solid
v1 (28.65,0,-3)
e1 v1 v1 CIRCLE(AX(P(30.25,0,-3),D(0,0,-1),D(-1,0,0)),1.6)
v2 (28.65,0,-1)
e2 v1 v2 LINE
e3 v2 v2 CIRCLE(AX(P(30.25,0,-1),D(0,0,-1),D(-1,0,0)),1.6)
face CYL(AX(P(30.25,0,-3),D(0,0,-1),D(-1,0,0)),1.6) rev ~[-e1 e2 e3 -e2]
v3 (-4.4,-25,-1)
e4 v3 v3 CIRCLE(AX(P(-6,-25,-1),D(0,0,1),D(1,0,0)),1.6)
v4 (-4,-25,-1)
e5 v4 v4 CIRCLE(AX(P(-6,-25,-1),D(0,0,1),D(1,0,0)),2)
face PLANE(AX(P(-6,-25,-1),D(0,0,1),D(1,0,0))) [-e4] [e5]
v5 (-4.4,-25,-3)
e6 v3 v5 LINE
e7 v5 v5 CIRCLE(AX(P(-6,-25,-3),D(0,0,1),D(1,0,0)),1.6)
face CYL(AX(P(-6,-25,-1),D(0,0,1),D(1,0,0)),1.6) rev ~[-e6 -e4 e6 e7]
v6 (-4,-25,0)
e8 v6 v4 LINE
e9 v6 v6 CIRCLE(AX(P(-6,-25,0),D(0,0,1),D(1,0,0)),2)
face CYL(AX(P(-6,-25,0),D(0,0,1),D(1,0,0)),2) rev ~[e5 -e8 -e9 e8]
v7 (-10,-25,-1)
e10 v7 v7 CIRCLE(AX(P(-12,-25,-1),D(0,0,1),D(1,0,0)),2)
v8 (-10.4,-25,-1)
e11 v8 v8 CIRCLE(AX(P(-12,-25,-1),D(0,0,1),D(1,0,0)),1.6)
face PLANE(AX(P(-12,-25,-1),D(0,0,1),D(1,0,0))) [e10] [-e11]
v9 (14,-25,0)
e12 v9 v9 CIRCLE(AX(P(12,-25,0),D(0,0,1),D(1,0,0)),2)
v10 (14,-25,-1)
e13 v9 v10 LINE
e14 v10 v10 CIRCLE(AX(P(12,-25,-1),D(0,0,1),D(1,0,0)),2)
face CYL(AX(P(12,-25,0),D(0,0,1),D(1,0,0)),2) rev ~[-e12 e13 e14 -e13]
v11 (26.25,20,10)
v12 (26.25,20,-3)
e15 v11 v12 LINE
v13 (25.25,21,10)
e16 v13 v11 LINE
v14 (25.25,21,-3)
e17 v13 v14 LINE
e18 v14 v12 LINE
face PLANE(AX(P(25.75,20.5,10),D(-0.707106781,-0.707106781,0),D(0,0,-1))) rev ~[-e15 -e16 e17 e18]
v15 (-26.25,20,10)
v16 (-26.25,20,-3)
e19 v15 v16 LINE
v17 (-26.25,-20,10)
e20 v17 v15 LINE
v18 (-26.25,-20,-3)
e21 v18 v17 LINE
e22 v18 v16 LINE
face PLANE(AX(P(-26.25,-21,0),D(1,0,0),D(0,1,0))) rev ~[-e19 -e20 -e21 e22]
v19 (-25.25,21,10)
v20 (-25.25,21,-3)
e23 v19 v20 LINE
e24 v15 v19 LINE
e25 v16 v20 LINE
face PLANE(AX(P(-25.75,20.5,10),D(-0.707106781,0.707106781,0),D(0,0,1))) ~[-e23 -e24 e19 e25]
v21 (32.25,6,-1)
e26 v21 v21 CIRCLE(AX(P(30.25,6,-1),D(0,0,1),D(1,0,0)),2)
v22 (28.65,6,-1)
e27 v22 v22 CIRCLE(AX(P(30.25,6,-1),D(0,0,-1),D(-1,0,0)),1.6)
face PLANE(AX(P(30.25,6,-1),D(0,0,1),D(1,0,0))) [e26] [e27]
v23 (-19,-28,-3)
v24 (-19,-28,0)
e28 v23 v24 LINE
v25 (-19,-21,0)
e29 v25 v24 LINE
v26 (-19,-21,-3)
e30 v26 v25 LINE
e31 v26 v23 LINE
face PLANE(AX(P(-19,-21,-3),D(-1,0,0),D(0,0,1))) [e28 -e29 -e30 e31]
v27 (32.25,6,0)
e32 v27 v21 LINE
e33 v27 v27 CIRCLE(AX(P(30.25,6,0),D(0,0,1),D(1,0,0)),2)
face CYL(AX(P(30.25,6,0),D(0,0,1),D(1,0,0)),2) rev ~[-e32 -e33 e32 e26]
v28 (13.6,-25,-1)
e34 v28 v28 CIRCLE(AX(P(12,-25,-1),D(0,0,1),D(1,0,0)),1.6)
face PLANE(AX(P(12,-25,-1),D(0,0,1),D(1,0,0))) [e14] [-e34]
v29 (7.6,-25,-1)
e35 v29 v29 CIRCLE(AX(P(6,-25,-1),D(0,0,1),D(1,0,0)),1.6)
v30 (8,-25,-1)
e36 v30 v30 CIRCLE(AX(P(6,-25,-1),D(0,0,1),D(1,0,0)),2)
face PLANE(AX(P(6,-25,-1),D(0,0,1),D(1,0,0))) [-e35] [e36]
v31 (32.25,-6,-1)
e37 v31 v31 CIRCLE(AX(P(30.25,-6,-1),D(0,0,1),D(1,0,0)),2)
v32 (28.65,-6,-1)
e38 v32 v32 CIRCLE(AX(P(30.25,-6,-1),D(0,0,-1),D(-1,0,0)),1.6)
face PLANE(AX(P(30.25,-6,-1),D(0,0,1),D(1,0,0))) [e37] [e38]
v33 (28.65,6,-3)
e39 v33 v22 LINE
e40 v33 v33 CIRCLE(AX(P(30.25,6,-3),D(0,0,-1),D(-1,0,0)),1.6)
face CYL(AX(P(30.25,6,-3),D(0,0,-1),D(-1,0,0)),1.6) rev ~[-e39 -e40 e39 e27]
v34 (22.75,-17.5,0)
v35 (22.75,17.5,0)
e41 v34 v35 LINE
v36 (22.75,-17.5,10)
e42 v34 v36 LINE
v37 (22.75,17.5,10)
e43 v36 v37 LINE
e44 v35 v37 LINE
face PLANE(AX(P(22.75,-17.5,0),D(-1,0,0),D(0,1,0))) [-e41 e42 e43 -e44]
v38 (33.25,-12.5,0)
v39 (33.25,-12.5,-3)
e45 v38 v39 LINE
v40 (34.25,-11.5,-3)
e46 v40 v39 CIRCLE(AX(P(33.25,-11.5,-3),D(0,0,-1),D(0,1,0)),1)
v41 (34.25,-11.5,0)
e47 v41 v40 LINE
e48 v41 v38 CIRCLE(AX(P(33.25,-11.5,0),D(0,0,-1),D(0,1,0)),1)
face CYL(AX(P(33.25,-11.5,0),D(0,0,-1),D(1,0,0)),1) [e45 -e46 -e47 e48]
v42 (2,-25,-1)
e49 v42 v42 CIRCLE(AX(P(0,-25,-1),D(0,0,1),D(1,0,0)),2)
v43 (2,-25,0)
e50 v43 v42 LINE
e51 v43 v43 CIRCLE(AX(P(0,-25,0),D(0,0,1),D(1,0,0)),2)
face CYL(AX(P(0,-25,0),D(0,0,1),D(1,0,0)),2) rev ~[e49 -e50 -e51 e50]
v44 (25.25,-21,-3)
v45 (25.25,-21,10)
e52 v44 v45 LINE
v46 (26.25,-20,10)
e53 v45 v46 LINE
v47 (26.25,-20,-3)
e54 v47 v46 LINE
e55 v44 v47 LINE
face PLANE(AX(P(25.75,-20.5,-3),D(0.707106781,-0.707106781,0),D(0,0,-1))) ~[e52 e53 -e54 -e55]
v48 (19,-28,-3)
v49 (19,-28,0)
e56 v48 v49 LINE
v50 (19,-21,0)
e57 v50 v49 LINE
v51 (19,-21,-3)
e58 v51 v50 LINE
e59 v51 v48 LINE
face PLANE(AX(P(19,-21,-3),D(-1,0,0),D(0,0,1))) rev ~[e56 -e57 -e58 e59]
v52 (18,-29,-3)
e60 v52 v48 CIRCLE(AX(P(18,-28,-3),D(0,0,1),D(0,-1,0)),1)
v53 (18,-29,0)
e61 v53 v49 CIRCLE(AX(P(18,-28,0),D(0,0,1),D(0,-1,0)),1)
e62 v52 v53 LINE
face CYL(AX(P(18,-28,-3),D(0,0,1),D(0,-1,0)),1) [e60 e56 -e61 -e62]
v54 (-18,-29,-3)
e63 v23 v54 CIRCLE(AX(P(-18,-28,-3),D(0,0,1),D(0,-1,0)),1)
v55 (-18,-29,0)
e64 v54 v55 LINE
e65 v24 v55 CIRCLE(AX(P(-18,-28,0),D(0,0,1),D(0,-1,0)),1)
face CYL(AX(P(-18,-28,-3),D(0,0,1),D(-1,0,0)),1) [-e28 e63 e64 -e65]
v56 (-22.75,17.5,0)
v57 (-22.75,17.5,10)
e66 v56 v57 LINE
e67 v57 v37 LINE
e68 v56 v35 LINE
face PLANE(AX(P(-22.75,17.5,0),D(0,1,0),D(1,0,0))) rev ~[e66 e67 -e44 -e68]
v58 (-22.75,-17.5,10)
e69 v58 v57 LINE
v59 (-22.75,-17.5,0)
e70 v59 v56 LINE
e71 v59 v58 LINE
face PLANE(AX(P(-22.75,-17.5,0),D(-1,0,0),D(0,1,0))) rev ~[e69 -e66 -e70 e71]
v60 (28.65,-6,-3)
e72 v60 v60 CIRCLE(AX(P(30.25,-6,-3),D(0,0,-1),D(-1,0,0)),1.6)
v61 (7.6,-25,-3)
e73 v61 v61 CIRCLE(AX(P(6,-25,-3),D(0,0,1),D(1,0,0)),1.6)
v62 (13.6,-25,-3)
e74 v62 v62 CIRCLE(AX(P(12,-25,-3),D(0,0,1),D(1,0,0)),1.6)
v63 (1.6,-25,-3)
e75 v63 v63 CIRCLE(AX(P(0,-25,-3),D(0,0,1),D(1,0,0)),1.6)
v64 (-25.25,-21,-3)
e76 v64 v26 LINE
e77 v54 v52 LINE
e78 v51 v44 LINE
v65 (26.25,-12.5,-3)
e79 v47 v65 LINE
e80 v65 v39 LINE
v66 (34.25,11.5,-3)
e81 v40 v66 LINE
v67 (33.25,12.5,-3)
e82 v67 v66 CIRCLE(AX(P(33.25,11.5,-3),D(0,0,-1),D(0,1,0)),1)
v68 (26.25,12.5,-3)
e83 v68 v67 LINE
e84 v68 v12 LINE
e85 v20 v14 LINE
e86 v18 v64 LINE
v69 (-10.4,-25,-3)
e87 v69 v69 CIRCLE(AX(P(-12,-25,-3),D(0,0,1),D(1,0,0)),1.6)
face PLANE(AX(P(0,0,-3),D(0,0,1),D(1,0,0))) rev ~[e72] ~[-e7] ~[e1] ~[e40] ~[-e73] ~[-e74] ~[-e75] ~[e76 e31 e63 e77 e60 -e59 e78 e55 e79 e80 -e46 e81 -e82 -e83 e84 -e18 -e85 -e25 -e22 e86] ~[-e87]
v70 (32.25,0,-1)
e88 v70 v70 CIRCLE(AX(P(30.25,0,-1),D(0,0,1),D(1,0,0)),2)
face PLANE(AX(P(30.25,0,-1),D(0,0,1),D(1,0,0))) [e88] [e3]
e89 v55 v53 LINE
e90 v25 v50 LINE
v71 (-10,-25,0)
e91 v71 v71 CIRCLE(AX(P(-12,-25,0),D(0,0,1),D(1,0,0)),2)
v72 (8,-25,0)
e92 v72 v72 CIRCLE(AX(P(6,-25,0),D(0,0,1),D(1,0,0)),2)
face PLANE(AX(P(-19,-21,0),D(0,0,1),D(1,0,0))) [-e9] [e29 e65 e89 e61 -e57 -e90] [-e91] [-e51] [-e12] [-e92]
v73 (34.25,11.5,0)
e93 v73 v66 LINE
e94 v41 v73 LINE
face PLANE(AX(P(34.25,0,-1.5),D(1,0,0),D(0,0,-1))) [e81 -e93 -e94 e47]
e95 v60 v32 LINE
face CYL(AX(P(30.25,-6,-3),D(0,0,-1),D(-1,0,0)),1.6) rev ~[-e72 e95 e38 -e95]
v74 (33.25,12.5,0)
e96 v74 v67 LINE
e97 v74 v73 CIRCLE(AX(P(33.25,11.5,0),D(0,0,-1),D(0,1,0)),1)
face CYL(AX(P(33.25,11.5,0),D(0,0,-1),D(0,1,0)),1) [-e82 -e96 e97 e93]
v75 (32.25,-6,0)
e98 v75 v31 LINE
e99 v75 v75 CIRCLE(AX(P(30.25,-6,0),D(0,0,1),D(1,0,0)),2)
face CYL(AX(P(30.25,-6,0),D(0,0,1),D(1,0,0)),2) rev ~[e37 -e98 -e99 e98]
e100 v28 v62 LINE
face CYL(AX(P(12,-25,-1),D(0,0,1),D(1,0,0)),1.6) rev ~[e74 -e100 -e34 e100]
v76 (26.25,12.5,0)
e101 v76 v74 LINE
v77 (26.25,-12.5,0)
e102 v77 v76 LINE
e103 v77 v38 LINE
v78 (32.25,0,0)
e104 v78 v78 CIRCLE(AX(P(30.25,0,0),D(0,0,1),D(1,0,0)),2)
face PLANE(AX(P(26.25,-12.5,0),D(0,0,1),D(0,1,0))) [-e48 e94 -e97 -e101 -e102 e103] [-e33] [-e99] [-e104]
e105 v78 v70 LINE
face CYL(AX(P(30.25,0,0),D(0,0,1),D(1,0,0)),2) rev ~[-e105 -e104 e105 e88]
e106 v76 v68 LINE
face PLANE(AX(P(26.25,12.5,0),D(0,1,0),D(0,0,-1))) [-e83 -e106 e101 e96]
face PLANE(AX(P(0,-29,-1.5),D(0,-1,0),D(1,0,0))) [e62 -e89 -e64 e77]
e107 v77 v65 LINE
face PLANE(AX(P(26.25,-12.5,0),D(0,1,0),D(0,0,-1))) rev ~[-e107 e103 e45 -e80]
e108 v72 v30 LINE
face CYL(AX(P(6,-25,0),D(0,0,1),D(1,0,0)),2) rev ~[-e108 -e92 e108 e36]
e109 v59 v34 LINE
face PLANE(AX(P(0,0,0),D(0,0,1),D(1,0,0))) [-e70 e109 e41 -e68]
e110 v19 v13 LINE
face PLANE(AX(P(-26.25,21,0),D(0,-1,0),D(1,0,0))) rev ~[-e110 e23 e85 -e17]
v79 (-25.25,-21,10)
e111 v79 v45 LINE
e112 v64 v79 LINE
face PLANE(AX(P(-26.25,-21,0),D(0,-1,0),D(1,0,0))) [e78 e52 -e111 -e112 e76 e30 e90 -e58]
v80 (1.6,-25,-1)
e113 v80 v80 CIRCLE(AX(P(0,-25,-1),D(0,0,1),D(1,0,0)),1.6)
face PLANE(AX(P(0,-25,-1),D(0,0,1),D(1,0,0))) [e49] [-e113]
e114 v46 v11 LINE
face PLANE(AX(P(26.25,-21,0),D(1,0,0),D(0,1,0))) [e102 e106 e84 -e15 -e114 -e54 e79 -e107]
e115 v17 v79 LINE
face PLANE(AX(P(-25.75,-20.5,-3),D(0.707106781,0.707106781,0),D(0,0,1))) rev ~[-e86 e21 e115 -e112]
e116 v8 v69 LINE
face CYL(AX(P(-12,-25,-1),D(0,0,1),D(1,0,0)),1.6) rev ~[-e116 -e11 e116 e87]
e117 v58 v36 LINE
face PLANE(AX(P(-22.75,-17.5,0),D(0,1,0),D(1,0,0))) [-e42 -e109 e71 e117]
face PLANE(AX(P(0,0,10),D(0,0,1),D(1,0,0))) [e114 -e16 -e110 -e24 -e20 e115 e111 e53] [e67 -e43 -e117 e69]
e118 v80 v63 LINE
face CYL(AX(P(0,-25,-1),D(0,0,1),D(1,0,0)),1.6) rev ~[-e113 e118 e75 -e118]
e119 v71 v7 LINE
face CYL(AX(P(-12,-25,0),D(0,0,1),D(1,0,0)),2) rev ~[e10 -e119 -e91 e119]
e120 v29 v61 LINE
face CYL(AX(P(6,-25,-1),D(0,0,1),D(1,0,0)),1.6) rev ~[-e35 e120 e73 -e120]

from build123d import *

# Parameters (mm, degrees)
CROQUIS1_W              = 52.5
CROQUIS1_H              = 42
CROQUIS1_W_2            = 45.5
CROQUIS1_H_2            = 35
SALIENTE_EXTRUIR1_DEPTH = 10
CROQUIS3_W              = 52.5
CROQUIS3_H              = 42
SALIENTE_EXTRUIR2_DEPTH = 3
CROQUIS4_W              = 38
CROQUIS4_H              = 3
SALIENTE_EXTRUIR3_DEPTH = 8
CROQUIS5_R              = 2
CORTAR_EXTRUIR1_DEPTH   = 1
CROQUIS6_R              = 1.6
CORTAR_EXTRUIR2_DEPTH   = 4
CROQUIS7_W              = 3
CROQUIS7_H              = 25
SALIENTE_EXTRUIR4_DEPTH = 8
CROQUIS8_R              = 2
CORTAR_EXTRUIR3_DEPTH   = 1
CROQUIS9_R              = 1.6
CORTAR_EXTRUIR4_DEPTH   = 3
CHAFL_N1_SIZE           = 1
REDONDEO2_R             = 1


with BuildPart() as part:
    # Croquis1 → Saliente-Extruir1 (new body)
    with BuildSketch(Plane.XY):
        Rectangle(CROQUIS1_W, CROQUIS1_H)
        Rectangle(CROQUIS1_W_2, CROQUIS1_H_2, mode=Mode.SUBTRACT)
    extrude(amount=SALIENTE_EXTRUIR1_DEPTH)

    # Croquis3 → Saliente-Extruir2 (add)
    with BuildSketch(Plane.XY):
        Rectangle(CROQUIS3_W, CROQUIS3_H)
    extrude(amount=-SALIENTE_EXTRUIR2_DEPTH)

    # Croquis4 → Saliente-Extruir3 (add)
    with BuildSketch(Plane.XZ.offset(21)):
        with Locations((0, -1.5)):
            Rectangle(CROQUIS4_W, CROQUIS4_H)
    extrude(amount=SALIENTE_EXTRUIR3_DEPTH)

    # Croquis5 → Cortar-Extruir1 (cut)
    with BuildSketch(Plane.XY):
        with Locations((-12, -25)):
            Circle(CROQUIS5_R)
        with Locations((-6, -25)):
            Circle(CROQUIS5_R)
        with Locations((0, -25)):
            Circle(CROQUIS5_R)
        with Locations((6, -25)):
            Circle(CROQUIS5_R)
        with Locations((12, -25)):
            Circle(CROQUIS5_R)
    extrude(amount=-CORTAR_EXTRUIR1_DEPTH, mode=Mode.SUBTRACT)

    # Croquis6 → Cortar-Extruir2 (cut)
    with BuildSketch(Plane.XY.offset(-1)):
        with Locations((-12, -25)):
            Circle(CROQUIS6_R)
        with Locations((-6, -25)):
            Circle(CROQUIS6_R)
        with Locations((0, -25)):
            Circle(CROQUIS6_R)
        with Locations((6, -25)):
            Circle(CROQUIS6_R)
        with Locations((12, -25)):
            Circle(CROQUIS6_R)
    extrude(amount=-CORTAR_EXTRUIR2_DEPTH, mode=Mode.SUBTRACT)

    # Croquis7 → Saliente-Extruir4 (add)
    with BuildSketch(Plane(origin=(26.25, 0, 0), x_dir=(0, 0, -1), z_dir=(1, 0, 0))):
        with Locations((1.5, 0)):
            Rectangle(CROQUIS7_W, CROQUIS7_H)
    extrude(amount=SALIENTE_EXTRUIR4_DEPTH)

    # Croquis8 → Cortar-Extruir3 (cut)
    with BuildSketch(Plane.XY):
        with Locations((30.25, 6)):
            Circle(CROQUIS8_R)
        with Locations((30.25, 0)):
            Circle(CROQUIS8_R)
        with Locations((30.25, -6)):
            Circle(CROQUIS8_R)
    extrude(amount=-CORTAR_EXTRUIR3_DEPTH, mode=Mode.SUBTRACT)

    # Croquis9 → Cortar-Extruir4 (cut)
    with BuildSketch(Plane(origin=(0, 0, -3), x_dir=(-1, 0, 0), z_dir=(0, 0, -1))):
        with Locations((-30.25, 6)):
            Circle(CROQUIS9_R)
        with Locations((-30.25, 0)):
            Circle(CROQUIS9_R)
        with Locations((-30.25, -6)):
            Circle(CROQUIS9_R)
    extrude(amount=-CORTAR_EXTRUIR4_DEPTH, mode=Mode.SUBTRACT)

    # Chaflán1
    chafl_n1_edges = [part.edges().sort_by_distance(p)[0] for p in [
        (26.25, -21, 3.5),
        (-26.25, -21, 3.5),
        (-26.25, 21, 3.5),
        (26.25, 21, 3.5),
    ]]
    chamfer(chafl_n1_edges, length=CHAFL_N1_SIZE)

    # Redondeo2
    redondeo2_edges = [part.edges().sort_by_distance(p)[0] for p in [
        (34.25, 12.5, -1.5),
        (34.25, -12.5, -1.5),
        (19, -29, -1.5),
        (-19, -29, -1.5),
    ]]
    fillet(redondeo2_edges, radius=REDONDEO2_R)


solid = part.part
